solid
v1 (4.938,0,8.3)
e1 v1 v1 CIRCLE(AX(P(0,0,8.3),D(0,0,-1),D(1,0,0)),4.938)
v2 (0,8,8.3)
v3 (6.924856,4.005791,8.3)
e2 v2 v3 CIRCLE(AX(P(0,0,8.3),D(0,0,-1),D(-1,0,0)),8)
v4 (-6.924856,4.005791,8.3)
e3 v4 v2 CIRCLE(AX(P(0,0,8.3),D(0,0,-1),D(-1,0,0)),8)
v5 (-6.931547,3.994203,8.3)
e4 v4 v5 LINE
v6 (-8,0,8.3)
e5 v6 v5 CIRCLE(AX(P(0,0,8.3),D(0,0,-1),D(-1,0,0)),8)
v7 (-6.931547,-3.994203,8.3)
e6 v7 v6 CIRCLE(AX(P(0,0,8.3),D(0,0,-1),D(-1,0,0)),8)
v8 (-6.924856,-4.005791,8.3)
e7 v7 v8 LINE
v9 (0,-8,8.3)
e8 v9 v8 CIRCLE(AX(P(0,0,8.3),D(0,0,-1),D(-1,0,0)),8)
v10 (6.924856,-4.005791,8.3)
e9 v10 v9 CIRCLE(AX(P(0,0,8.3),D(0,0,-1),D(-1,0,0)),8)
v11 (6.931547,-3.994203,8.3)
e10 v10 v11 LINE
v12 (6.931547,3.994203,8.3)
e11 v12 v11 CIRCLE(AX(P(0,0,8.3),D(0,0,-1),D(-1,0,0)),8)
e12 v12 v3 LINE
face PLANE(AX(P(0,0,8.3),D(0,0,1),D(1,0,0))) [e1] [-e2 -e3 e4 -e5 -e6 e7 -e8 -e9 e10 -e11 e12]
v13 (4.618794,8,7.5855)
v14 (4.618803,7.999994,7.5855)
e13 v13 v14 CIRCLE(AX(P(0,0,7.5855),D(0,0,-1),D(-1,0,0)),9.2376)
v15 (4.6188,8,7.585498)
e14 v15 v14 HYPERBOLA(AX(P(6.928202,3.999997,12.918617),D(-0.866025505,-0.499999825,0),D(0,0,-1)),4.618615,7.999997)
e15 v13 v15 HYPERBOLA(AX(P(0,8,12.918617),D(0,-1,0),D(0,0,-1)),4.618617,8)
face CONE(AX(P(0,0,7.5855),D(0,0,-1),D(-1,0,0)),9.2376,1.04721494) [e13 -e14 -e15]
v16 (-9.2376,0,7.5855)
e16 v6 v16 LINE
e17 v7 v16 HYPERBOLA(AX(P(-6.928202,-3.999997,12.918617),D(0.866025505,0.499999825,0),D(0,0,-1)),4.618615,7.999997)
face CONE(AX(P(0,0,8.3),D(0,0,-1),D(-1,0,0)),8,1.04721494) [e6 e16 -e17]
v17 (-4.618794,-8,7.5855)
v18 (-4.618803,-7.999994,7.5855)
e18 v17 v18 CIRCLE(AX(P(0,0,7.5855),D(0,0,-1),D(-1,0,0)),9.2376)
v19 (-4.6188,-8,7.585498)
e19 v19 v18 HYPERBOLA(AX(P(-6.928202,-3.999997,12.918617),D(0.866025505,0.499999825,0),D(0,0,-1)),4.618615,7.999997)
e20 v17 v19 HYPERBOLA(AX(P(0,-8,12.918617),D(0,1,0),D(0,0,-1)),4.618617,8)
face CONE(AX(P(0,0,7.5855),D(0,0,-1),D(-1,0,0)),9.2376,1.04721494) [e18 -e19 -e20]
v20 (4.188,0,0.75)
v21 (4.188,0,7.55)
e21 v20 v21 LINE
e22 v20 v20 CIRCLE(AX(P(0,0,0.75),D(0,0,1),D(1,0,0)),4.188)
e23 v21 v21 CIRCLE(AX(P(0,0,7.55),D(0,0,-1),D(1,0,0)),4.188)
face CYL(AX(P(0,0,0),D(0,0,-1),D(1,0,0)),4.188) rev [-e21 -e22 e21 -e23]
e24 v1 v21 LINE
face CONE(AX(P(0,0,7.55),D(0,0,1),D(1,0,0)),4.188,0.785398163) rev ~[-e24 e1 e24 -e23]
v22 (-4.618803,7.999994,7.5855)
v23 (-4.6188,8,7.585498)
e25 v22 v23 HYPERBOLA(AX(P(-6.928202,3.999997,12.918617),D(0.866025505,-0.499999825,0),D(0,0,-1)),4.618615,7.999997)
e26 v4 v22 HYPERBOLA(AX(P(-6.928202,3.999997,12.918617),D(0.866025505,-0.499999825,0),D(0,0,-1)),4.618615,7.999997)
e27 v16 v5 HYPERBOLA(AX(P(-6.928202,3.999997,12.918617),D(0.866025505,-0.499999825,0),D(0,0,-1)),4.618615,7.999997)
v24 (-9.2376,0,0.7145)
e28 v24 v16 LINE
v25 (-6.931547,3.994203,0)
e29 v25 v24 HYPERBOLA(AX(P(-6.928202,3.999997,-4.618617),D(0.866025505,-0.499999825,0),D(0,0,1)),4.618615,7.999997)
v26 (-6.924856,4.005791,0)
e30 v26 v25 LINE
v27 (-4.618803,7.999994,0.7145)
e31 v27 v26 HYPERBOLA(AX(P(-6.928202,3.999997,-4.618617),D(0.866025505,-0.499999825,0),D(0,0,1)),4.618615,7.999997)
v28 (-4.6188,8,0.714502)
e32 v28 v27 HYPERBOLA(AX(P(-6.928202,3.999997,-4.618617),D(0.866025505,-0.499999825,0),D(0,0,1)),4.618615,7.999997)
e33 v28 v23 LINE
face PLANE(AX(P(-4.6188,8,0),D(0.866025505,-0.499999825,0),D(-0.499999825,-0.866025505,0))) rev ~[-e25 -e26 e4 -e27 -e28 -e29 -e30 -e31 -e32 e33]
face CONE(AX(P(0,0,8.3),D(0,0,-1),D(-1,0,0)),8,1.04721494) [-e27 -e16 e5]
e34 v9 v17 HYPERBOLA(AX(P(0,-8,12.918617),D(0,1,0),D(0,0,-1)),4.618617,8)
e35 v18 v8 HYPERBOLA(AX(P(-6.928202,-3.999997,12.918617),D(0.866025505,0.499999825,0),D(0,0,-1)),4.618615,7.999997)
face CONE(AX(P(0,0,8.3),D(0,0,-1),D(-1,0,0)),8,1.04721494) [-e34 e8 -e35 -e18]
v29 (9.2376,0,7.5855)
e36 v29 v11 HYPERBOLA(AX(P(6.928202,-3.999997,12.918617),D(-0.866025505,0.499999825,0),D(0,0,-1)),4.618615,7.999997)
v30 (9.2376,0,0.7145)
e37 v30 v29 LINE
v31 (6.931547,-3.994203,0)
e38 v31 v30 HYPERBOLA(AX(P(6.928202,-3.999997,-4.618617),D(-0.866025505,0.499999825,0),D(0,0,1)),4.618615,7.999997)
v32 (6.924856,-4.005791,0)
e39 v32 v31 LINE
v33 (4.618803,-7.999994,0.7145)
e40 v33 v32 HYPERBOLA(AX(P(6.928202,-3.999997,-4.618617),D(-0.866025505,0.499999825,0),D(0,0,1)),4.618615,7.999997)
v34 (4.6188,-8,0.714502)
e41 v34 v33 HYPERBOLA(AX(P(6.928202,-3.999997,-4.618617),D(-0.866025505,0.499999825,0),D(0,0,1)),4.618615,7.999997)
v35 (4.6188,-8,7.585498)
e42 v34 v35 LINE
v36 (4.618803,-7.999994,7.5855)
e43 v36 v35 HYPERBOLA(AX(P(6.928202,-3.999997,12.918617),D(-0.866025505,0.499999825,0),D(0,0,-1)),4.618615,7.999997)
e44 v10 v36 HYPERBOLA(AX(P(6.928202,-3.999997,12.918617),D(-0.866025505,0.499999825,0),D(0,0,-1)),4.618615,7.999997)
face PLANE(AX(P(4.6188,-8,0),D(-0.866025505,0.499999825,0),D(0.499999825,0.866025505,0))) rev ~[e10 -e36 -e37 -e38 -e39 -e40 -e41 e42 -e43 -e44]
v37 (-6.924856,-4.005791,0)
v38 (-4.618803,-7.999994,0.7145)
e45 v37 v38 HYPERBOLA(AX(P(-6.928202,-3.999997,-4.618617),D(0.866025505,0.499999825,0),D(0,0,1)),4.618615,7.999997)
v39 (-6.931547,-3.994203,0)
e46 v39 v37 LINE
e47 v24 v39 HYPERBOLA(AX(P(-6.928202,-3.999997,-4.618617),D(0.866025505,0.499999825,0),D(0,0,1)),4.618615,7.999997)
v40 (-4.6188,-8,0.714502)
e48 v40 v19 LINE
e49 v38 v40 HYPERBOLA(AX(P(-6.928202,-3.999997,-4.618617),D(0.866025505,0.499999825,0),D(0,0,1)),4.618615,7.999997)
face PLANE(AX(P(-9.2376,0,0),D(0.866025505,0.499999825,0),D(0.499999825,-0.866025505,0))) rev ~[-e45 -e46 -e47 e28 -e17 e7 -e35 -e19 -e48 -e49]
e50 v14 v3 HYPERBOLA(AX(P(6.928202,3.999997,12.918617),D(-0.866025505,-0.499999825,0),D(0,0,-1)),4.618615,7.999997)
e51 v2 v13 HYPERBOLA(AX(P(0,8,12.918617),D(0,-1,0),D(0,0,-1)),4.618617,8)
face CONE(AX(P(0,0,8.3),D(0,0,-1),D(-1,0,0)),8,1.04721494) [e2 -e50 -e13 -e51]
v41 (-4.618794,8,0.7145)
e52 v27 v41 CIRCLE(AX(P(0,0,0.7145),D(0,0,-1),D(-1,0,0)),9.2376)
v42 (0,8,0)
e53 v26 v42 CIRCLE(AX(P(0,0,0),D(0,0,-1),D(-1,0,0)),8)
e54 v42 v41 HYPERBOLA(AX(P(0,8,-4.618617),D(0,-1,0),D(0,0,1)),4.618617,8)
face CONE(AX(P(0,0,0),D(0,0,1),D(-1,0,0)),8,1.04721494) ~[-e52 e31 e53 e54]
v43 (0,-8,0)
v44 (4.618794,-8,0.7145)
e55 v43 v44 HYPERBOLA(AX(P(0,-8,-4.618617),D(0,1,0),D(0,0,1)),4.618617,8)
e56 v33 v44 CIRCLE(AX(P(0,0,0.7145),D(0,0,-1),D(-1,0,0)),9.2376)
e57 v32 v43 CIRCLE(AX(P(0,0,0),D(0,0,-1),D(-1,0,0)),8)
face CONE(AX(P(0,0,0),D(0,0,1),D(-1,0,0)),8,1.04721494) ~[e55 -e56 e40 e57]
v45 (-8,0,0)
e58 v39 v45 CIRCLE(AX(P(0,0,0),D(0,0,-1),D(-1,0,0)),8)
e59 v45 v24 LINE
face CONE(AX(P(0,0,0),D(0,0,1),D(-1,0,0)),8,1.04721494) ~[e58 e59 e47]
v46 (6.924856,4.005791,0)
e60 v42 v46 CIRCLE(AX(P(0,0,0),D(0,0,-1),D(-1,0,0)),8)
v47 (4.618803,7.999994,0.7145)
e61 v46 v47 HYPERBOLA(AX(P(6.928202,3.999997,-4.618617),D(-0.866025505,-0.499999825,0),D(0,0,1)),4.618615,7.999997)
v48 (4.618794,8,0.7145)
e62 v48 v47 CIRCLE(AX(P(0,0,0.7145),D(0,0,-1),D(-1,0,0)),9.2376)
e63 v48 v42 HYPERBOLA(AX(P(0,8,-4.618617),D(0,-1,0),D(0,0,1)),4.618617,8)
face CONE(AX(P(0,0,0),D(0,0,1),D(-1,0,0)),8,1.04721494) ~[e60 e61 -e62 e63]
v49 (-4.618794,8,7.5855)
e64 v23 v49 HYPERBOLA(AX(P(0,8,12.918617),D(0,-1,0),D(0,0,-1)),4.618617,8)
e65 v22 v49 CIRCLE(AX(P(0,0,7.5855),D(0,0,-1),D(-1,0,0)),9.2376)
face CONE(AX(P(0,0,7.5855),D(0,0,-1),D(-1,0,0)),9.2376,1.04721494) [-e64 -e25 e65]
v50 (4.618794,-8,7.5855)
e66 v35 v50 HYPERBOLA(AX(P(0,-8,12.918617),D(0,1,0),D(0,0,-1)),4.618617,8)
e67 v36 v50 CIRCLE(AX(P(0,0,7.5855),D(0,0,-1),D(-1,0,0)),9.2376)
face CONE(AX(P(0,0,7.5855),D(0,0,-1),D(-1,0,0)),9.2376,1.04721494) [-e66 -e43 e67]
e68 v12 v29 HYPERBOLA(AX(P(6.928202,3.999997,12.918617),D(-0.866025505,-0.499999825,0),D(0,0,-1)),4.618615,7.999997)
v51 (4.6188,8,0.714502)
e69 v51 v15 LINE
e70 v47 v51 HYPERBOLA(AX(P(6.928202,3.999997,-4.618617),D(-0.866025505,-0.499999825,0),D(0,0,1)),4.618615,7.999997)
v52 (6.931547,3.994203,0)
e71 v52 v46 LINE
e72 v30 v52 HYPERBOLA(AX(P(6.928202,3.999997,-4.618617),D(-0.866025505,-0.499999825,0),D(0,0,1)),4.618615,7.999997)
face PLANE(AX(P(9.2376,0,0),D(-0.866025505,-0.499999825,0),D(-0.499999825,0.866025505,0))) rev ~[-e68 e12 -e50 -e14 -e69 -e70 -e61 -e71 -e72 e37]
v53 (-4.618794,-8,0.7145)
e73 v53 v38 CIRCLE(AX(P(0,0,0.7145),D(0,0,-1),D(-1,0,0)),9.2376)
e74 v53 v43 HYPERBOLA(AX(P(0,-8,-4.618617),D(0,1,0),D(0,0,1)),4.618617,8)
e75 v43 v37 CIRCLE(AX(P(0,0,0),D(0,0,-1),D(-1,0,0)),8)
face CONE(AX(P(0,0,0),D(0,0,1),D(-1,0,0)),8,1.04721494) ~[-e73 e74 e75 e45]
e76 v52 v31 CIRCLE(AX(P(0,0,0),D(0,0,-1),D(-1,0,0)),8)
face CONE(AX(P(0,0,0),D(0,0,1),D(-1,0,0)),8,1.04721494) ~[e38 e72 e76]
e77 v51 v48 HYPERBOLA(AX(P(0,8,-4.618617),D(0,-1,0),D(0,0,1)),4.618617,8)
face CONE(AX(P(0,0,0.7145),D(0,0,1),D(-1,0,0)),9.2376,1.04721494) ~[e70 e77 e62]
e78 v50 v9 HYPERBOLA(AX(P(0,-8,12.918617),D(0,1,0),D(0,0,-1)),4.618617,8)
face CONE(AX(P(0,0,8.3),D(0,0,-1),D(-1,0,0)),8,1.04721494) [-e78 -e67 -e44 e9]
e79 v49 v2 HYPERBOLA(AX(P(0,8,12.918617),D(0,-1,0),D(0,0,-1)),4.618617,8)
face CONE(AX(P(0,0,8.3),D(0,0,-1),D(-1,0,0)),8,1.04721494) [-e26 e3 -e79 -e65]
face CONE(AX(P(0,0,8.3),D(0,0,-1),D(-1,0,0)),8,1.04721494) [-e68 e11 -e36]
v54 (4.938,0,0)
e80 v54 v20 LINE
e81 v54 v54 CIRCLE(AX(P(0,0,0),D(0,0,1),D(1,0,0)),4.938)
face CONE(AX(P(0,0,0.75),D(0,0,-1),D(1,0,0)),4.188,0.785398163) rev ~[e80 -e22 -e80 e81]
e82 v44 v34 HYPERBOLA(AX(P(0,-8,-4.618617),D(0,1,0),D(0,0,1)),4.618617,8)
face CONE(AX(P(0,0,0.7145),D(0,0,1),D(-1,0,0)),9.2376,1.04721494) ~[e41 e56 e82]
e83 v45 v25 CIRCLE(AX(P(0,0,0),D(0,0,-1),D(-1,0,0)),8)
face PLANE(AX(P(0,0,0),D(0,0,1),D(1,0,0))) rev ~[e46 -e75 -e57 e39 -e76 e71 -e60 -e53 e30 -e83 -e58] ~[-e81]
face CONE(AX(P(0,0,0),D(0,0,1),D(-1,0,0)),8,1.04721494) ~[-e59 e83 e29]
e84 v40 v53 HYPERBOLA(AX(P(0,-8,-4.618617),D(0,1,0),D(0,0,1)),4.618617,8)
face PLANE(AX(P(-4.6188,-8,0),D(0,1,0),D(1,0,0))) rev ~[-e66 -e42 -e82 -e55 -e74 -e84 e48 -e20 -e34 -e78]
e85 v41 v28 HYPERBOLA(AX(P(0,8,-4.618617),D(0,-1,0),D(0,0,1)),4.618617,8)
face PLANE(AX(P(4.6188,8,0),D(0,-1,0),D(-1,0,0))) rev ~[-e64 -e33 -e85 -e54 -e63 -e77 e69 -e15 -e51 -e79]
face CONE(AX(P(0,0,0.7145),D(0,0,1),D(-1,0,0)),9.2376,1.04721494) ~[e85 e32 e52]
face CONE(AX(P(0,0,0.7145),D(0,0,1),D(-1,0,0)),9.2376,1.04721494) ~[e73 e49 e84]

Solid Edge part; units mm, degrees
sketch "Sketch1" plane through (0, 0, 0) normal (0, 0, 1) x (1, 0, 0)
  line L0 (-4.6188, -8) -> (4.6188, -8)
  line L1 (4.6188, -8) -> (9.2376, 0)
  line L2 (9.2376, 0) -> (4.6188, 8)
  line L3 (4.6188, 8) -> (-4.6188, 8)
  line L4 (-4.6188, 8) -> (-9.2376, 0)
  line L5 (-9.2376, 0) -> (-4.6188, -8)
  dimension "D1" = 16
  dimension "D2" = 16
extrude "Protrusion1" add sketch "Sketch1" along normal blind 8.3
sketch "Sketch2" plane through (0, 0, 0) normal (0, -1, 0) x (1, 0, 0)
  line L0 (-8, 8.3) -> (-9.2376, 7.5855)
revolve "RevolvedCutout1" cut sketch "Sketch2" angle 360 about axis through (0, 0, 57.15) along (0, 0, -1) material side at (-8.6438, 0, 7.9861)
sketch "Sketch3" plane through (0, 0, 0) normal (0, -1, 0) x (1, 0, 0)
  line L0 (-8, 0) -> (-9.2376, 0.7145)
revolve "RevolvedCutout2" cut sketch "Sketch3" angle 360 about axis through (0, 0, 57.15) along (0, 0, -1) material side at (-8.6438, 0, 0.3139)
sketch "Sketch4" plane through (0, 0, 0) normal (0, 0, 1) x (1, 0, 0)
  circle A0 centre (0, 0) radius 4.188
extrude "Cutout1" cut sketch "Sketch4" along normal through all and the other way through all
chamfer "Chamfer1" distance 0.75 angle 45 2 edges at (-4.188, 0, 8.3) (-4.188, 0, 0)
cosmetic_thread "Thread1"
properties material "Steel"
